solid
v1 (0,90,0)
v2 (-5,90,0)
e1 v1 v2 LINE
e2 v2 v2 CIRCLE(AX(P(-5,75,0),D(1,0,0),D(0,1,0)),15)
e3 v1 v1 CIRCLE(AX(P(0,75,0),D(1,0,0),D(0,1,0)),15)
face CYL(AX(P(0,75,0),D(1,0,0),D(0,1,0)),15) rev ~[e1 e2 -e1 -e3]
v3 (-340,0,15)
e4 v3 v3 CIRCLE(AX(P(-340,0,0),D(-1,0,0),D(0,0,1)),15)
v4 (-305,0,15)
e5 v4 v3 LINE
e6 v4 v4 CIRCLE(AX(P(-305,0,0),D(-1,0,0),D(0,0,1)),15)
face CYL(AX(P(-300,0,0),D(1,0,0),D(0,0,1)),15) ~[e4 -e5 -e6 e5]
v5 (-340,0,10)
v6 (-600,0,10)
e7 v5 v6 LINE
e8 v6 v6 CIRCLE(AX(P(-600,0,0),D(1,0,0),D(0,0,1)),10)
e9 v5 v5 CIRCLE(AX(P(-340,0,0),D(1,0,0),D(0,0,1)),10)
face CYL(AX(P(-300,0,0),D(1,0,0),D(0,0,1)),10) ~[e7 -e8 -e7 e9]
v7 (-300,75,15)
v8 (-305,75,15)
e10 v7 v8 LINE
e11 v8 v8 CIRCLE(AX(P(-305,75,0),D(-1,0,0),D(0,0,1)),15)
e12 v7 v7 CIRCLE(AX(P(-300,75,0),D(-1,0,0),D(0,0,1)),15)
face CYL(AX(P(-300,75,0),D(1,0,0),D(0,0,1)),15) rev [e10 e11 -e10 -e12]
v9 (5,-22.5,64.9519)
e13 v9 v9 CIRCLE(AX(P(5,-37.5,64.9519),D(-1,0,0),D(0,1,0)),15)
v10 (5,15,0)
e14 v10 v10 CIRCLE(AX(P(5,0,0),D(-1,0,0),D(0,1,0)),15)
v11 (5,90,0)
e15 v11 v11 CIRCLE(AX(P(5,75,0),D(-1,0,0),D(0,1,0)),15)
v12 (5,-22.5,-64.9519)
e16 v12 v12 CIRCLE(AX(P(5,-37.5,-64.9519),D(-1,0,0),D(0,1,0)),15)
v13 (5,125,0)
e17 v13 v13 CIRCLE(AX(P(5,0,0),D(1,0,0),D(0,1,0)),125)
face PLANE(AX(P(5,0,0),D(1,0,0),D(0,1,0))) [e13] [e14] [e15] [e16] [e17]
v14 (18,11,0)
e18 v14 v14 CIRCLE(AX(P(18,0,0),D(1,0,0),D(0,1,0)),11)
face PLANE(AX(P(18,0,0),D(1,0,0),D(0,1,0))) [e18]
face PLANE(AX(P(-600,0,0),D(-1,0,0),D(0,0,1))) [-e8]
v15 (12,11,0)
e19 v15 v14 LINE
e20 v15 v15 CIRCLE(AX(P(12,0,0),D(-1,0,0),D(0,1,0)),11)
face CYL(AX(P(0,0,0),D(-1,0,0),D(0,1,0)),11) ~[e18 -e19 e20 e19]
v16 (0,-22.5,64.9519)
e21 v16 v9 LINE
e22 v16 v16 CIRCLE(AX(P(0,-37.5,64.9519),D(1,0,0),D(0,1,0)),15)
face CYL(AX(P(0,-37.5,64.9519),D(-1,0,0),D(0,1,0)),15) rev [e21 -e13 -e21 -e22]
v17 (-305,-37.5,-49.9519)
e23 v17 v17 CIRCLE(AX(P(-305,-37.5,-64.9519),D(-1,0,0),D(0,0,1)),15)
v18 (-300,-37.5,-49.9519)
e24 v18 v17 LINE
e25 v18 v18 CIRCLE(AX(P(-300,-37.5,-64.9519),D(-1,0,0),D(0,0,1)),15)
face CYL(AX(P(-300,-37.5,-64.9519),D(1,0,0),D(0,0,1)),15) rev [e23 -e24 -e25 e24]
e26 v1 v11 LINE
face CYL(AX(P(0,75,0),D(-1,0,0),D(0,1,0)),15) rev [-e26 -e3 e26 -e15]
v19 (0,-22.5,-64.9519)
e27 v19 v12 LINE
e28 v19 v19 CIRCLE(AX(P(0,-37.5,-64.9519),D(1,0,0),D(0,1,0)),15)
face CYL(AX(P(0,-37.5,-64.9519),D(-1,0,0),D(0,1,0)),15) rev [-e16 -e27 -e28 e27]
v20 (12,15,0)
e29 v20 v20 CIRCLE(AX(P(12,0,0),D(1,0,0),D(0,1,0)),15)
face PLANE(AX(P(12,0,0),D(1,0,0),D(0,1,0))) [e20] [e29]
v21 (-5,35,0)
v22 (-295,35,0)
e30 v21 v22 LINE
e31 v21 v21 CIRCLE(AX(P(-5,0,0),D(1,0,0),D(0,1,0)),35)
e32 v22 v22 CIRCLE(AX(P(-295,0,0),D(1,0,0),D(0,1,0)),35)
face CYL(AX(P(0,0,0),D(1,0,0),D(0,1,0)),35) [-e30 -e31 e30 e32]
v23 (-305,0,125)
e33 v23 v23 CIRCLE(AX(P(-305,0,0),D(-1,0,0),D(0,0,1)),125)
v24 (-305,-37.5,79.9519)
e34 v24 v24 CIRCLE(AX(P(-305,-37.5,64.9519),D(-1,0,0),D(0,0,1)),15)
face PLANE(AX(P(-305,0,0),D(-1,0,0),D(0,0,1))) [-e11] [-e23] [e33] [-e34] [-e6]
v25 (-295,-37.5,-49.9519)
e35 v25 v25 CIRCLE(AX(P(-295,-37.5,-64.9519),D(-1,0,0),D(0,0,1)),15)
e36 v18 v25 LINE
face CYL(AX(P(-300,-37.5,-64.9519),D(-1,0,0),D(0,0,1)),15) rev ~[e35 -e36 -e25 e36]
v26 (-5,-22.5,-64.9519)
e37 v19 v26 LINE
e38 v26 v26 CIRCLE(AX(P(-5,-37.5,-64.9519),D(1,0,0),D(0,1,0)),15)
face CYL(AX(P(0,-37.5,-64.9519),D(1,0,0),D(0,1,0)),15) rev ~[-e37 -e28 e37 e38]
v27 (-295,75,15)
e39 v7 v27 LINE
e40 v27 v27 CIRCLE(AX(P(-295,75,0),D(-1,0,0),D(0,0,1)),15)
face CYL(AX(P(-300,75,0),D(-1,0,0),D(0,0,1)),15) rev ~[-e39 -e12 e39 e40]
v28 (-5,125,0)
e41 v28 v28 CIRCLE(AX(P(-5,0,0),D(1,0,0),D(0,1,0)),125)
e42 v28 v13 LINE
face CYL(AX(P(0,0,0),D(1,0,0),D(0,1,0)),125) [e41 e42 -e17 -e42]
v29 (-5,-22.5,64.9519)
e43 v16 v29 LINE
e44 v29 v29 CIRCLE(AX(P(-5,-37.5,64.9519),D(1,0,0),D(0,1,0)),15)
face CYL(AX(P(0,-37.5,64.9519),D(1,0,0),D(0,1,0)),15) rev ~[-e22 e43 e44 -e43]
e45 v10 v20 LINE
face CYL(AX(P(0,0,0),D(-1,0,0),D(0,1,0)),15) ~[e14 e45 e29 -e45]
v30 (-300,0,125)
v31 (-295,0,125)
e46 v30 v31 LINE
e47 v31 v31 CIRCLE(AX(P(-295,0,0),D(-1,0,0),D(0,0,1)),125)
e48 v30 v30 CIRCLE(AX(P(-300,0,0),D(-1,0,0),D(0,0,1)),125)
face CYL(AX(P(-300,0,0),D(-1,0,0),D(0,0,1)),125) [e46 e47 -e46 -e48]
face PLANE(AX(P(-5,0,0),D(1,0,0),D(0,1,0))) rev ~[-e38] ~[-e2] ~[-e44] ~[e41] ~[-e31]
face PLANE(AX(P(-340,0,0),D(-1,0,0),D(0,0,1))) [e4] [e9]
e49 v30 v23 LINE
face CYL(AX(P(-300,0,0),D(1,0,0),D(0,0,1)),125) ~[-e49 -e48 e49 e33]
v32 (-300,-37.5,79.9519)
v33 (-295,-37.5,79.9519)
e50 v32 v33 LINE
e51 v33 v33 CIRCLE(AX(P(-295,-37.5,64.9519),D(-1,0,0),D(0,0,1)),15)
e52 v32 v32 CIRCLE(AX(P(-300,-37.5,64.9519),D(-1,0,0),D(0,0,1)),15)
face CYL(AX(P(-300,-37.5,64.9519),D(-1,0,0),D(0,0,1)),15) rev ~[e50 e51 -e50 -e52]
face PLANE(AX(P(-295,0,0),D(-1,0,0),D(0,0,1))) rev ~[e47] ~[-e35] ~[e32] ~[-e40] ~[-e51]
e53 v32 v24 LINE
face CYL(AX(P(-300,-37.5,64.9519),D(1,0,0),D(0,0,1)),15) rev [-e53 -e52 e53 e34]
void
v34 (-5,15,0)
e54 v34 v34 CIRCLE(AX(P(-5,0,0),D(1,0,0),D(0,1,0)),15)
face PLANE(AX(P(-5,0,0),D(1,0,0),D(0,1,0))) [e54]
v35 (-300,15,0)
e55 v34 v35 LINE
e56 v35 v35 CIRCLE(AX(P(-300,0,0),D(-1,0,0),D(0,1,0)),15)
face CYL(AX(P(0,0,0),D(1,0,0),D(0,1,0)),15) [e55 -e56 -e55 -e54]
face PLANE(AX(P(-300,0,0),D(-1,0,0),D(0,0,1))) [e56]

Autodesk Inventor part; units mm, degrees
ref_plane "YZ Plane" through (0, 0, 0) normal (1, 0, 0) x (0, 1, 0)
ref_plane "XZ Plane" through (0, 0, 0) normal (0, 1, 0) x (-1, 0, 0)
ref_plane "XY Plane" through (0, 0, 0) normal (0, 0, 1) x (1, 0, 0)
sketch "Sketch1" plane through (0, 0, 0) normal (1, 0, 0) x (0, 1, 0)
  circle A0 centre (0, 0) radius 35
  circle A1 centre (0, 0) radius 125
  circle A2 centre (0, 0) radius 10 construction
  line L0 (-8.55, -5.1863) -> (-8.7665, 4.8113)
  line L1 (-8.7665, 4.8113) -> (-0.2165, 9.9977)
  line L2 (-0.2165, 9.9977) -> (8.55, 5.1863)
  line L3 (8.55, 5.1863) -> (8.7665, -4.8113)
  line L4 (8.7665, -4.8113) -> (0.2165, -9.9977)
  line L5 (0.2165, -9.9977) -> (-8.55, -5.1863)
  circle A3 centre (0, 0) radius 15
  circle A4 centre (0, 0) radius 75 construction
  circle A5 centre (75, 0) radius 15
  circle A6 centre (-37.5, 64.9519) radius 15
  circle A7 centre (-37.5, -64.9519) radius 15
  circle A8 centre (0, 0) radius 11
  dimension "d2" = 20
  dimension "d12" = 150
  dimension "d0" = 70
  dimension "d1" = 250
  dimension "d3" = 30
  dimension "d13" = 30
  dimension "d16" = 360
  dimension "d20" = 22
extrude "Extrusion1" add sketch "Sketch1" along normal mid plane 10 contours A0 | A1 | L0 L1 L2 L3 L4 L5 | A3 | A5 | A6 | A7 | A8
extrude "Extrusion2" add sketch "Sketch1" against normal blind 300 contours A0
extrude "Extrusion3" add sketch "Sketch1" along normal blind 15 contours L0 L1 L2 L3 L4 L5
extrude "Extrusion4" add sketch "Sketch1" along normal blind 12 contours A3 | A8
extrude "Extrusion5" cut sketch "Sketch1" along normal through all both and the other way through all contours A5 | A6 | A7
extrude "Extrusion6" add sketch "Sketch1" along normal blind 18 contours L0 L1 L2 L3 L4 L5 | A8
sketch "Sketch2" plane through (-300, 0, 0) normal (-1, 0, 0) x (0, 0, 1)
  circle A0 centre (0, 0) radius 125 projected
  circle A1 centre (0, 75) radius 15 projected
  circle A2 centre (-64.9519, -37.5) radius 15 projected
  circle A3 centre (64.9519, -37.5) radius 15 projected
  circle A4 centre (0, 0) radius 15 projected
  circle A5 centre (0, 0) radius 10 projected
  line L0 (4.8113, -8.7665) -> (-5.1863, -8.55) projected
  line L1 (-5.1863, -8.55) -> (-9.9977, 0.2165) projected
  line L2 (-9.9977, 0.2165) -> (-4.8113, 8.7665) projected
  line L3 (-4.8113, 8.7665) -> (5.1863, 8.55) projected
  line L4 (5.1863, 8.55) -> (9.9977, -0.2165) projected
  line L5 (9.9977, -0.2165) -> (4.8113, -8.7665) projected
extrude "Extrusion7" add sketch "Sketch2" along normal mid plane 10 contours A0
extrude "Extrusion8" add sketch "Sketch2" along normal blind 300 contours A5 L4 | L3 A5 | L4 L5 L0 L1 L2 L3 | A5 L5 | L2 A5 | A5 L0 | L1 A5
extrude "Extrusion10" add sketch "Sketch2" along normal blind 40 contours A4 | A5 L4 | L3 A5 | L4 L5 L0 L1 L2 L3 | A5 L5 | L2 A5 | A5 L0 | L1 A5
properties part number "roller"
